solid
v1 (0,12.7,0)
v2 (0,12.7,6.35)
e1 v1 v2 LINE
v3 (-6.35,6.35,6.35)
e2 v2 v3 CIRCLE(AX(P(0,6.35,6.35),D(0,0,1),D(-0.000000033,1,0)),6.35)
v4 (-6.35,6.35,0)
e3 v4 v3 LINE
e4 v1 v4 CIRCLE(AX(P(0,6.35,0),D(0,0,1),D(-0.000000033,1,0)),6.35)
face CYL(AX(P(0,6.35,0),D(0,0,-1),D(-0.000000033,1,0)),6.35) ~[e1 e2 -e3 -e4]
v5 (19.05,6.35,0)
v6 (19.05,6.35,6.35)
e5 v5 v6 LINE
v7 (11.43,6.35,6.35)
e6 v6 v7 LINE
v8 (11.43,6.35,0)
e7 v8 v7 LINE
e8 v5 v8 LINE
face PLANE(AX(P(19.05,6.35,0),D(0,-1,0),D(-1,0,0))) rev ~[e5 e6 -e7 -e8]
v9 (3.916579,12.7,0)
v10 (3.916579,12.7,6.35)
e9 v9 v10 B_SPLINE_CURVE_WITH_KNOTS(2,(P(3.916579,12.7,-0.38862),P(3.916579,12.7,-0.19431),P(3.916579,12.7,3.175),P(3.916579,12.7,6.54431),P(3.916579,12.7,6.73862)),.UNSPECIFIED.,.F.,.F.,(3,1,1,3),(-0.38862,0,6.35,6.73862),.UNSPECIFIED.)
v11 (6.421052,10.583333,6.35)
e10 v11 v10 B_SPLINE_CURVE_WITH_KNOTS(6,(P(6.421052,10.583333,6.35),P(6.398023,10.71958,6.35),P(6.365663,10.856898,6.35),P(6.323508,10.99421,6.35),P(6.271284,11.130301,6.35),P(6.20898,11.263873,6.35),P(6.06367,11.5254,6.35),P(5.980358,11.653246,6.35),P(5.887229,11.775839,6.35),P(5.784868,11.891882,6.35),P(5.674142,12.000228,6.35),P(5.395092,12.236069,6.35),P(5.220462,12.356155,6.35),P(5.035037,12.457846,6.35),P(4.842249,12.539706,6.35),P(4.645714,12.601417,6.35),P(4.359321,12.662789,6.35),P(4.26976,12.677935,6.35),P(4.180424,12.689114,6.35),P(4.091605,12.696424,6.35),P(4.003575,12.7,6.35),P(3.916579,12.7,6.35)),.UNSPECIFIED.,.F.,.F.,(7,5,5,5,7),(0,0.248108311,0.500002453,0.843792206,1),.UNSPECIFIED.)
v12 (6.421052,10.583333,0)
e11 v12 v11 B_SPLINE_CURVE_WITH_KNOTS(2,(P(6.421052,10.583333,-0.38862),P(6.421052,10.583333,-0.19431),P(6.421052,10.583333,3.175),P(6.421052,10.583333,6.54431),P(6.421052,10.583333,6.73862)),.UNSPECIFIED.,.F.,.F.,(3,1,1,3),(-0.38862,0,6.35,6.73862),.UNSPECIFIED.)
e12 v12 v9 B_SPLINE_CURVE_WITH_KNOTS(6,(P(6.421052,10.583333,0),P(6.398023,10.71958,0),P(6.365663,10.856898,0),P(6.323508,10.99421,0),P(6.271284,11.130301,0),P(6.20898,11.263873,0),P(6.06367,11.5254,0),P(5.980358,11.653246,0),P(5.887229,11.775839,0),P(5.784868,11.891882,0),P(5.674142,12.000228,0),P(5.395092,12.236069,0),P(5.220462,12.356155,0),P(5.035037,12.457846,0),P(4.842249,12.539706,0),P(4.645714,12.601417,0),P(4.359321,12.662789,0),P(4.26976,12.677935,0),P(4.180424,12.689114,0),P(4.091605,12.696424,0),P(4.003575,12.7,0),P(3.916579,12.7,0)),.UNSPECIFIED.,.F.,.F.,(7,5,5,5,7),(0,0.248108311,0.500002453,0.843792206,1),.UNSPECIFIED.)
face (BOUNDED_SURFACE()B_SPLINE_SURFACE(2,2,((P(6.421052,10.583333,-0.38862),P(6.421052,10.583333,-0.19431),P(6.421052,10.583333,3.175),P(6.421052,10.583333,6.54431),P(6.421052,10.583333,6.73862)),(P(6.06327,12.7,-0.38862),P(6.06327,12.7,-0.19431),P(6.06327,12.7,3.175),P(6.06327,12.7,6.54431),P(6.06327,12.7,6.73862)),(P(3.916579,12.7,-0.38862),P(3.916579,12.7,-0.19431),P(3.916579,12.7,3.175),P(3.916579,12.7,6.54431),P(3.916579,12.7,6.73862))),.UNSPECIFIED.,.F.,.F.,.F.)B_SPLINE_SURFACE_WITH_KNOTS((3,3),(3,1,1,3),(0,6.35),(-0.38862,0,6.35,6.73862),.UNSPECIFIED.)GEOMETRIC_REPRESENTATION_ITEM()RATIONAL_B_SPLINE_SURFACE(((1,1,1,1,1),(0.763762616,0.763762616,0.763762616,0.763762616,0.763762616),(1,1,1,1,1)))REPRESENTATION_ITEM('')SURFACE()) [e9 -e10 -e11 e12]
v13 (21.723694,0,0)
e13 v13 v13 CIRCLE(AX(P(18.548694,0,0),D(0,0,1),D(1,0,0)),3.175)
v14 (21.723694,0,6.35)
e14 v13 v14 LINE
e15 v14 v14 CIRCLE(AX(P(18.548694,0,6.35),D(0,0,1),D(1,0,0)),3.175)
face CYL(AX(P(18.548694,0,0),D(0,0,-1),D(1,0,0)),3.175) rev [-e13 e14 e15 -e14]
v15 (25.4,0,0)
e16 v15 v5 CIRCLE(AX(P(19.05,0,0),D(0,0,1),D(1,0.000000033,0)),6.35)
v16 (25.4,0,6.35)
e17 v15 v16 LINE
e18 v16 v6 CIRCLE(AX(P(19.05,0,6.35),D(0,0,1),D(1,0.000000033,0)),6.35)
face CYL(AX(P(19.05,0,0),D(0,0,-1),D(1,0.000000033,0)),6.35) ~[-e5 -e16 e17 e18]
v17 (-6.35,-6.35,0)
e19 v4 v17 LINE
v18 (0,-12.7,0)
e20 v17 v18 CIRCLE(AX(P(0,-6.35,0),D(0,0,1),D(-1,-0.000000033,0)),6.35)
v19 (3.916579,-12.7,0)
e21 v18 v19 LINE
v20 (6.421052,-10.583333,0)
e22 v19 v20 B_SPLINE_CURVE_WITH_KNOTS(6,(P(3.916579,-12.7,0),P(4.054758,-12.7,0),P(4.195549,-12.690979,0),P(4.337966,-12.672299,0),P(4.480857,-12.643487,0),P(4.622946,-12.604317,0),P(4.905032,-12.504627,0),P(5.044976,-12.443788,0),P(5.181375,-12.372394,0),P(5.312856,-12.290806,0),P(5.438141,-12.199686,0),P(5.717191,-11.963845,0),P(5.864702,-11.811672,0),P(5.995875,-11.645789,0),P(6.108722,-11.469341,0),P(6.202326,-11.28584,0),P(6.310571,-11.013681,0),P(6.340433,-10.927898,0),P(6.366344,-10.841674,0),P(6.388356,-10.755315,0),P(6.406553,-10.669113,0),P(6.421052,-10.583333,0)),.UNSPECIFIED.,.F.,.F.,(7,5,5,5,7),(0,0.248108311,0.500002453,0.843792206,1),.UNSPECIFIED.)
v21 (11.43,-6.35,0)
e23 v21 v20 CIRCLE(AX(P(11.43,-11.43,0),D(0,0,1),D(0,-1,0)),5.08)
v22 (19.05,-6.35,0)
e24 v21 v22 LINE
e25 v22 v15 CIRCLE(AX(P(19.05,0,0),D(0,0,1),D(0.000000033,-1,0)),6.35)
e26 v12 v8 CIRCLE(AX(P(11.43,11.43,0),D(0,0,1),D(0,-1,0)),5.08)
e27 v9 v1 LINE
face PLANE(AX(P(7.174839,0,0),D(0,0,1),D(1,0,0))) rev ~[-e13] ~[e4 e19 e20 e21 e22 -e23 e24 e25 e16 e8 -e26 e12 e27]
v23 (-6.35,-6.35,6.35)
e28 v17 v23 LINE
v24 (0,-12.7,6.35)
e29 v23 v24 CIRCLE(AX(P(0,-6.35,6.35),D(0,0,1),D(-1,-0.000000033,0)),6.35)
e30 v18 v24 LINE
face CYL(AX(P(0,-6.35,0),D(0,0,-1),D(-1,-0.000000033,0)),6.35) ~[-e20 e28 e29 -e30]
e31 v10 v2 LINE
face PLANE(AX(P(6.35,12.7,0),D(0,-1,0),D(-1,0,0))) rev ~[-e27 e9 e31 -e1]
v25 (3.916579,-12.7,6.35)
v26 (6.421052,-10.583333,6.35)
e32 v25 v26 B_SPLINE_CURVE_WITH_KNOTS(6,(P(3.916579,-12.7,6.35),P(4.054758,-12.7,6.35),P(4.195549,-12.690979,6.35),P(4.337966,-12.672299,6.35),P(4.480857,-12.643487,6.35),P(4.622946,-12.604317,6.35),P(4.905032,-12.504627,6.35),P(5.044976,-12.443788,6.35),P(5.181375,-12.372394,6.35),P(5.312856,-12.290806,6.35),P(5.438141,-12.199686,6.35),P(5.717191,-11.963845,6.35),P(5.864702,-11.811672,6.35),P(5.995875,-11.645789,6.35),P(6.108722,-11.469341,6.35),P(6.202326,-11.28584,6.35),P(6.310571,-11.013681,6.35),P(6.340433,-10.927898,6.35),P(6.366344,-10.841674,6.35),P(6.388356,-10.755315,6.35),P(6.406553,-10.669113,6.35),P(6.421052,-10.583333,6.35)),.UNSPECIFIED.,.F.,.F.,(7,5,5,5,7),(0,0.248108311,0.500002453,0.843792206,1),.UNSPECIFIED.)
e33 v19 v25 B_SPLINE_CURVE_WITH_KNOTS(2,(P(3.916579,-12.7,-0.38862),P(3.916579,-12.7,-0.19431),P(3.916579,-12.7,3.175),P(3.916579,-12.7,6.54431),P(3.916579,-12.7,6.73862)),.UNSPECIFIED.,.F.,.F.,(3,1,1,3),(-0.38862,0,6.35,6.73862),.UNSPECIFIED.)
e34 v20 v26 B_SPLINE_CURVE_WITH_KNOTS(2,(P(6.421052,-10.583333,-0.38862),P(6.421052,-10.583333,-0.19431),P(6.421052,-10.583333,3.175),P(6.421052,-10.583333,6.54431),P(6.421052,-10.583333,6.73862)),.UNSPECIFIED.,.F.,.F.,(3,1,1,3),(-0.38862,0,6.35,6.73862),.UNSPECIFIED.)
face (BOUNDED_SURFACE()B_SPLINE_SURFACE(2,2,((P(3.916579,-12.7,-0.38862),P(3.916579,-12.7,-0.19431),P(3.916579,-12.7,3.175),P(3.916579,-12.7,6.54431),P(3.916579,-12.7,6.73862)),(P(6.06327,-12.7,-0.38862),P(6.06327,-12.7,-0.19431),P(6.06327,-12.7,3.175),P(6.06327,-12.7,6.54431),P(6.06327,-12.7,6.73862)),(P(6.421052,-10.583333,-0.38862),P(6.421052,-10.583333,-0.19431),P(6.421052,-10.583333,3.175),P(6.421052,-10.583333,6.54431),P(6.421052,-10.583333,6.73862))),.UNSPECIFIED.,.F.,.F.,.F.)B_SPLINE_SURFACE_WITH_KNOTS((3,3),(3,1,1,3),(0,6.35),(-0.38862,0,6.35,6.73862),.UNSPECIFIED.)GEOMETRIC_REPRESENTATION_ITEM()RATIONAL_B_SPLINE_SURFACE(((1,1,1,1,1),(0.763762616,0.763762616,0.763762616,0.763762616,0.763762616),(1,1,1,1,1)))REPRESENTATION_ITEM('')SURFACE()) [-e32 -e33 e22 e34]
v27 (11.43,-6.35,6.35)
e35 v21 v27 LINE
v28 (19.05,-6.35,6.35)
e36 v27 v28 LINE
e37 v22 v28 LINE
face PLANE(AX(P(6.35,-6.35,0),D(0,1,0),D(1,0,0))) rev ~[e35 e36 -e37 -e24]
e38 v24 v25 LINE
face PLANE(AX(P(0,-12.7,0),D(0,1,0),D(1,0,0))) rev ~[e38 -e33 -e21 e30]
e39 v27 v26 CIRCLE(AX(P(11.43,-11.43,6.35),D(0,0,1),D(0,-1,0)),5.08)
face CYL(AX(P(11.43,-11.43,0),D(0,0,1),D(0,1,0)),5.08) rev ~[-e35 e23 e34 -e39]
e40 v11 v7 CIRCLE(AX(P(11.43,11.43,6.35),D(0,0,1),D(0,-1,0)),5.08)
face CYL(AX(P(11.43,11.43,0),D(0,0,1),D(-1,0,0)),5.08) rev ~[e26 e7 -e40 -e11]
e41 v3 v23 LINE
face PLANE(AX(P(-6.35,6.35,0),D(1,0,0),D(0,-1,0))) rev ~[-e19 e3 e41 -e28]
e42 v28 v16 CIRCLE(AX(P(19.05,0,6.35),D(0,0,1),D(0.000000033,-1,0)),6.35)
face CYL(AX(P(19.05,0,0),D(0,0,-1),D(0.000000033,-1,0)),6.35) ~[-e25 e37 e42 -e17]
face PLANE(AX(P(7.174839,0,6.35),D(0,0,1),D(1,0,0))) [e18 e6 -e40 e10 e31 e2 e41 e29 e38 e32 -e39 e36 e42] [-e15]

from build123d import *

# Parameters (mm, degrees)
F0_R     = 3.175
F1_DEPTH = 6.35
F2_R     = 5.08
F3_R     = 2.54


with BuildPart() as f1:
    # F0 (on Top) → F1 (new body)
    with BuildSketch(Plane.XY):
        with BuildLine():
            Line((6.35, 6.35), (6.35, 12.7))
            Line((6.35, 12.7), (0, 12.7))
            ThreePointArc((0, 12.7), (-4.490128, 10.840128), (-6.35, 6.35))
            Line((-6.35, 6.35), (-6.35, -6.35))
            ThreePointArc((-6.35, -6.35), (-4.490128, -10.840128), (0, -12.7))
            Line((0, -12.7), (6.35, -12.7))
            Line((6.35, -12.7), (6.35, -6.35))
            Line((6.35, -6.35), (12.7, -6.35))
            Line((12.7, -6.35), (19.05, -6.35))
            ThreePointArc((19.05, -6.35), (23.540128, -4.490128), (25.4, 0))
            ThreePointArc((25.4, 0), (23.540128, 4.490128), (19.05, 6.35))
            Line((19.05, 6.35), (6.35, 6.35))
        make_face()
        with Locations((18.548694, 0)):
            Circle(F0_R, mode=Mode.SUBTRACT)
    extrude(amount=F1_DEPTH)

    # F2
    f2_edges = [f1.edges().sort_by_distance(p)[0] for p in [
        (6.35, -6.35, 3.175),
        (6.35, 6.35, 3.175),
    ]]
    fillet(f2_edges, radius=F2_R)

    # F3
    f3_edges = [f1.edges().sort_by_distance(p)[0] for p in [
        (6.35, 12.7, 3.175),
        (6.35, -12.7, 3.175),
    ]]
    fillet(f3_edges, radius=F3_R)


solid = f1.part
